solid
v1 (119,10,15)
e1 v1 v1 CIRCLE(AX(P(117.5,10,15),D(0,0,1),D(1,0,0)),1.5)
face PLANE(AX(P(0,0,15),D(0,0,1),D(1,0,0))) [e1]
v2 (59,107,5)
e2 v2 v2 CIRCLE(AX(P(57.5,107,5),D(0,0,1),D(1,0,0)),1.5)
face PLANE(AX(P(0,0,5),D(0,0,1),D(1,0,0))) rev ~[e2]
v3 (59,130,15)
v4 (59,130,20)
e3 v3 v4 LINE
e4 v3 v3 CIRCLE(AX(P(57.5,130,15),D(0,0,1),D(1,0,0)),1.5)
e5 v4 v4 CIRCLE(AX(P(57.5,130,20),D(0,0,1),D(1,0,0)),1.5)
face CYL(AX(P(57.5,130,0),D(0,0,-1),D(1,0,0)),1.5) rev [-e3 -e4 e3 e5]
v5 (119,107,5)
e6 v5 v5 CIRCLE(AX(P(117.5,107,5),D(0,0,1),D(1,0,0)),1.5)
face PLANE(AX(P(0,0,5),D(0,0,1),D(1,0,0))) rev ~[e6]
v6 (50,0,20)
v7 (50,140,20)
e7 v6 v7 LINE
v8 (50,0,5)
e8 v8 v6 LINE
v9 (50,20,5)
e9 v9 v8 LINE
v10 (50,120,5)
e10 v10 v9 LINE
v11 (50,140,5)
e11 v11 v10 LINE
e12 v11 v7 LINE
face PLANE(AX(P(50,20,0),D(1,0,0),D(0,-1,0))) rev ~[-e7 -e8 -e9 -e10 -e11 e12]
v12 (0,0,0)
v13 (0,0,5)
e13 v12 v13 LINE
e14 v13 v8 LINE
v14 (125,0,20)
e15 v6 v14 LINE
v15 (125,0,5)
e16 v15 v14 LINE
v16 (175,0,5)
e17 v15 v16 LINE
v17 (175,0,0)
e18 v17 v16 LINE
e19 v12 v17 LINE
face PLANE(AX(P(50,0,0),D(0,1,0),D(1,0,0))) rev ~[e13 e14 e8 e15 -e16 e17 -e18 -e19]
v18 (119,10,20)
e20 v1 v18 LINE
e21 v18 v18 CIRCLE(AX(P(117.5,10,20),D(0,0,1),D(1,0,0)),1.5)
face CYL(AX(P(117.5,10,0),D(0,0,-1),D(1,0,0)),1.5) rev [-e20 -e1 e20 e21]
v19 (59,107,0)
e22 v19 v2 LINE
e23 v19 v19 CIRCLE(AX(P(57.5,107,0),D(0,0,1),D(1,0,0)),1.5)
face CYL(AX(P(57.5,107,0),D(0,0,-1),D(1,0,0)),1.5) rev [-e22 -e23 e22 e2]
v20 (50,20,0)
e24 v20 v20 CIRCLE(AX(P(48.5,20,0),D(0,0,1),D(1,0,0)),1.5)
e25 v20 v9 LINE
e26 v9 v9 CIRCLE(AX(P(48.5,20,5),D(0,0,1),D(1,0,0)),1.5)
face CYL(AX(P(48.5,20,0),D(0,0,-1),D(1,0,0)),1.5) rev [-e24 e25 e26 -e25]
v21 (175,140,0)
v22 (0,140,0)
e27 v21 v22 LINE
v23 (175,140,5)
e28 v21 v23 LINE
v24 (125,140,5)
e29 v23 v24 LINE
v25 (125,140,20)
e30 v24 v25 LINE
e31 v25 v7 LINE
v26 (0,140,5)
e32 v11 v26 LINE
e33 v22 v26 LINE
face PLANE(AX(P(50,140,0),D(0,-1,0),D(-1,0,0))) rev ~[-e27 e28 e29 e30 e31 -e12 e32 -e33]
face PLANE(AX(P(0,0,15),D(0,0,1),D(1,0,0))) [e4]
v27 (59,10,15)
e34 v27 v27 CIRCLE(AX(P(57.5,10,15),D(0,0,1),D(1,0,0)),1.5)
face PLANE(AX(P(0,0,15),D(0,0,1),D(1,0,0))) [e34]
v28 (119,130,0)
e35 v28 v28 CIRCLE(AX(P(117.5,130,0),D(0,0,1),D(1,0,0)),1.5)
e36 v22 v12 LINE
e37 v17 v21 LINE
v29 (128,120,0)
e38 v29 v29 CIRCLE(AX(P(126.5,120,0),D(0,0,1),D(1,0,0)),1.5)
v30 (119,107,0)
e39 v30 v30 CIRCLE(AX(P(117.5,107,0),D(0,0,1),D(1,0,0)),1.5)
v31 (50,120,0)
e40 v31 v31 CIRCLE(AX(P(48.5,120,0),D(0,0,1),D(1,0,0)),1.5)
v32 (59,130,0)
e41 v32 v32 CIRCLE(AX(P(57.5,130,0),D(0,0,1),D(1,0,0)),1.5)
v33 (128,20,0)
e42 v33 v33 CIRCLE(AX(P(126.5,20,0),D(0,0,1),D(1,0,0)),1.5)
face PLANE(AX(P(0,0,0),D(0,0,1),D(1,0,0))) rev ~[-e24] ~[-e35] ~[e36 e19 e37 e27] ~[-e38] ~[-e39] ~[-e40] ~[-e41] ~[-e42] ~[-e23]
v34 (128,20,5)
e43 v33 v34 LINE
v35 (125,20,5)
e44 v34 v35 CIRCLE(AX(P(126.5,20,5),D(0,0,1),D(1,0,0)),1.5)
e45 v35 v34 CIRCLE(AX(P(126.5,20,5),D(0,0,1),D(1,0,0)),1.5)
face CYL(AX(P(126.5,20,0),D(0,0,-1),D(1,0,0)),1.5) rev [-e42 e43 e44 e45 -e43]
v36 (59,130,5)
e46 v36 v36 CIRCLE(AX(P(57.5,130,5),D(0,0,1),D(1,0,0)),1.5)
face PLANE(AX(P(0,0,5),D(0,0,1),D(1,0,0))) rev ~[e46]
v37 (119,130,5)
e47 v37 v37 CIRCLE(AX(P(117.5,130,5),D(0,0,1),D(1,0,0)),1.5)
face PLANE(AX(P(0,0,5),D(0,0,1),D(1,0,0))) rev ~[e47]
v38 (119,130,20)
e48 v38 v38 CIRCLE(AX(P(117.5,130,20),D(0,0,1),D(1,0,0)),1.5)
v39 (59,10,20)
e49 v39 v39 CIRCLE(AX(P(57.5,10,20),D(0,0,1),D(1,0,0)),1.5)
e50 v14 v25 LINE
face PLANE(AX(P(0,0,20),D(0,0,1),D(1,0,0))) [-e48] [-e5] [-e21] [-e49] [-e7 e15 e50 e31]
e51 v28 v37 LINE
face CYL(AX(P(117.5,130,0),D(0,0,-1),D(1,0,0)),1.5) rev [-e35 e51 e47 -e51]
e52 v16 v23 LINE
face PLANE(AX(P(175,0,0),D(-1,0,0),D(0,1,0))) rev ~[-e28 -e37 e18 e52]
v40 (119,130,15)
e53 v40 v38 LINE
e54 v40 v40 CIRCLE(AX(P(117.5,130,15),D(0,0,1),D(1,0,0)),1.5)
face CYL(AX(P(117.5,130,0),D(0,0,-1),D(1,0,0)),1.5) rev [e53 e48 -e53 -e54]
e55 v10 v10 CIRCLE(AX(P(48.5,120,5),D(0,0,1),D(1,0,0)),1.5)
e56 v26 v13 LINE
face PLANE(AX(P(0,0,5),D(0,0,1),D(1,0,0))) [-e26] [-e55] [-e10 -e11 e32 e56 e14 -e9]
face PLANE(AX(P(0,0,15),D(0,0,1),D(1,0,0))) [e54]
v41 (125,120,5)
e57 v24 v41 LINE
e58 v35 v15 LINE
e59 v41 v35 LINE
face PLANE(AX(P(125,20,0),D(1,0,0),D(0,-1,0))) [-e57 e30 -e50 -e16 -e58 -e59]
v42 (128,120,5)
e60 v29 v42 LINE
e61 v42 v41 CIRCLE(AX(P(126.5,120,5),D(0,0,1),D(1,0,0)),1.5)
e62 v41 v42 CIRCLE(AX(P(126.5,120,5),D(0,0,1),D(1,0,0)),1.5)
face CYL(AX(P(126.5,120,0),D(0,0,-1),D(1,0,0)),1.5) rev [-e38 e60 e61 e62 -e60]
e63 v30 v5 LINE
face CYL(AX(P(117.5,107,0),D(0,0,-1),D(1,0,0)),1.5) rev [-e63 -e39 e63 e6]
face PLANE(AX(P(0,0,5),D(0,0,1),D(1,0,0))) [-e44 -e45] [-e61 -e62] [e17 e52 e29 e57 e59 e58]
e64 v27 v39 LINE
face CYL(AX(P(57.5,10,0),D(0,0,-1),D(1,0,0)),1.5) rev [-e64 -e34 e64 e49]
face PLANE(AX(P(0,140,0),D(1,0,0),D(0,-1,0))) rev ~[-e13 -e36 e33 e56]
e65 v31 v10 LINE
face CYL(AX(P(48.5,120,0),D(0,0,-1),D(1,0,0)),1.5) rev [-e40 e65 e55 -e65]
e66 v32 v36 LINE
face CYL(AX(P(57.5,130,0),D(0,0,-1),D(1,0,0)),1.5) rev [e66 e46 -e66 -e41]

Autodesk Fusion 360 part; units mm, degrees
sketch "Sketch1" plane through (0, 0, 0) normal (0, 0, 1) x (1, 0, 0)
  line L0 (0, 0) -> (175, 0)
  line L1 (175, 0) -> (175, 140)
  line L2 (175, 140) -> (0, 140)
  line L3 (0, 140) -> (0, 0)
  line L4 (50, 140) -> (50, 0)
  line L5 (125, 140) -> (125, 0)
  circle A0 centre (57.5, 10) radius 1.5
  circle A1 centre (117.5, 10) radius 1.5
  line L6 (87.5, 0) -> (87.5, 140) construction
  circle A2 centre (57.5, 130) radius 1.5
  circle A3 centre (117.5, 130) radius 1.5
  line L7 (57.5, 130) -> (57.5, 100) construction
  circle A4 centre (57.5, 107) radius 1.5
  line L8 (117.5, 130) -> (117.5, 100) construction
  circle A5 centre (117.5, 107) radius 1.5
  circle A6 centre (48.5, 120) radius 1.5
  line L9 (0, 70) -> (175, 70) construction
  circle A7 centre (48.5, 20) radius 1.5
  circle A8 centre (126.5, 120) radius 1.5
  circle A9 centre (126.5, 20) radius 1.5
  dimension "d1" = 140
  dimension "d2" = 175
  dimension "d3" = 50
  dimension "d4" = 50
  dimension "d5" = 3
  dimension "d6" = 10
  dimension "d7" = 3
  dimension "d10" = 60
  dimension "d11" = 3
  dimension "d12" = 3
  dimension "d13" = 60
  dimension "d14" = 10
  dimension "d23" = 3
  dimension "d24" = 23
  dimension "d25" = 3
  dimension "d26" = 23
  dimension "d27" = 3
  dimension "d28" = 3
  dimension "d29" = 100
  dimension "d30" = 3
  dimension "d31" = 3
  dimension "d32" = 100
extrude "Extrude1" add sketch "Sketch1" along normal blind 20 contours L0 L2 L4 L5
extrude "Extrude3" add sketch "Sketch1" along normal blind 5 contours L0 L2 L3 L4 | L0 L1 L2 L5
extrude "Extrude4" add sketch "Sketch1" along normal blind 15 contours A0 | A1
extrude "Extrude5" add sketch "Sketch1" along normal blind 10 from surface at 5 contours A2 | A3
extrude "Extrude6" add sketch "Sketch1" along normal blind 15 from surface at 5 contours A4 | A5
